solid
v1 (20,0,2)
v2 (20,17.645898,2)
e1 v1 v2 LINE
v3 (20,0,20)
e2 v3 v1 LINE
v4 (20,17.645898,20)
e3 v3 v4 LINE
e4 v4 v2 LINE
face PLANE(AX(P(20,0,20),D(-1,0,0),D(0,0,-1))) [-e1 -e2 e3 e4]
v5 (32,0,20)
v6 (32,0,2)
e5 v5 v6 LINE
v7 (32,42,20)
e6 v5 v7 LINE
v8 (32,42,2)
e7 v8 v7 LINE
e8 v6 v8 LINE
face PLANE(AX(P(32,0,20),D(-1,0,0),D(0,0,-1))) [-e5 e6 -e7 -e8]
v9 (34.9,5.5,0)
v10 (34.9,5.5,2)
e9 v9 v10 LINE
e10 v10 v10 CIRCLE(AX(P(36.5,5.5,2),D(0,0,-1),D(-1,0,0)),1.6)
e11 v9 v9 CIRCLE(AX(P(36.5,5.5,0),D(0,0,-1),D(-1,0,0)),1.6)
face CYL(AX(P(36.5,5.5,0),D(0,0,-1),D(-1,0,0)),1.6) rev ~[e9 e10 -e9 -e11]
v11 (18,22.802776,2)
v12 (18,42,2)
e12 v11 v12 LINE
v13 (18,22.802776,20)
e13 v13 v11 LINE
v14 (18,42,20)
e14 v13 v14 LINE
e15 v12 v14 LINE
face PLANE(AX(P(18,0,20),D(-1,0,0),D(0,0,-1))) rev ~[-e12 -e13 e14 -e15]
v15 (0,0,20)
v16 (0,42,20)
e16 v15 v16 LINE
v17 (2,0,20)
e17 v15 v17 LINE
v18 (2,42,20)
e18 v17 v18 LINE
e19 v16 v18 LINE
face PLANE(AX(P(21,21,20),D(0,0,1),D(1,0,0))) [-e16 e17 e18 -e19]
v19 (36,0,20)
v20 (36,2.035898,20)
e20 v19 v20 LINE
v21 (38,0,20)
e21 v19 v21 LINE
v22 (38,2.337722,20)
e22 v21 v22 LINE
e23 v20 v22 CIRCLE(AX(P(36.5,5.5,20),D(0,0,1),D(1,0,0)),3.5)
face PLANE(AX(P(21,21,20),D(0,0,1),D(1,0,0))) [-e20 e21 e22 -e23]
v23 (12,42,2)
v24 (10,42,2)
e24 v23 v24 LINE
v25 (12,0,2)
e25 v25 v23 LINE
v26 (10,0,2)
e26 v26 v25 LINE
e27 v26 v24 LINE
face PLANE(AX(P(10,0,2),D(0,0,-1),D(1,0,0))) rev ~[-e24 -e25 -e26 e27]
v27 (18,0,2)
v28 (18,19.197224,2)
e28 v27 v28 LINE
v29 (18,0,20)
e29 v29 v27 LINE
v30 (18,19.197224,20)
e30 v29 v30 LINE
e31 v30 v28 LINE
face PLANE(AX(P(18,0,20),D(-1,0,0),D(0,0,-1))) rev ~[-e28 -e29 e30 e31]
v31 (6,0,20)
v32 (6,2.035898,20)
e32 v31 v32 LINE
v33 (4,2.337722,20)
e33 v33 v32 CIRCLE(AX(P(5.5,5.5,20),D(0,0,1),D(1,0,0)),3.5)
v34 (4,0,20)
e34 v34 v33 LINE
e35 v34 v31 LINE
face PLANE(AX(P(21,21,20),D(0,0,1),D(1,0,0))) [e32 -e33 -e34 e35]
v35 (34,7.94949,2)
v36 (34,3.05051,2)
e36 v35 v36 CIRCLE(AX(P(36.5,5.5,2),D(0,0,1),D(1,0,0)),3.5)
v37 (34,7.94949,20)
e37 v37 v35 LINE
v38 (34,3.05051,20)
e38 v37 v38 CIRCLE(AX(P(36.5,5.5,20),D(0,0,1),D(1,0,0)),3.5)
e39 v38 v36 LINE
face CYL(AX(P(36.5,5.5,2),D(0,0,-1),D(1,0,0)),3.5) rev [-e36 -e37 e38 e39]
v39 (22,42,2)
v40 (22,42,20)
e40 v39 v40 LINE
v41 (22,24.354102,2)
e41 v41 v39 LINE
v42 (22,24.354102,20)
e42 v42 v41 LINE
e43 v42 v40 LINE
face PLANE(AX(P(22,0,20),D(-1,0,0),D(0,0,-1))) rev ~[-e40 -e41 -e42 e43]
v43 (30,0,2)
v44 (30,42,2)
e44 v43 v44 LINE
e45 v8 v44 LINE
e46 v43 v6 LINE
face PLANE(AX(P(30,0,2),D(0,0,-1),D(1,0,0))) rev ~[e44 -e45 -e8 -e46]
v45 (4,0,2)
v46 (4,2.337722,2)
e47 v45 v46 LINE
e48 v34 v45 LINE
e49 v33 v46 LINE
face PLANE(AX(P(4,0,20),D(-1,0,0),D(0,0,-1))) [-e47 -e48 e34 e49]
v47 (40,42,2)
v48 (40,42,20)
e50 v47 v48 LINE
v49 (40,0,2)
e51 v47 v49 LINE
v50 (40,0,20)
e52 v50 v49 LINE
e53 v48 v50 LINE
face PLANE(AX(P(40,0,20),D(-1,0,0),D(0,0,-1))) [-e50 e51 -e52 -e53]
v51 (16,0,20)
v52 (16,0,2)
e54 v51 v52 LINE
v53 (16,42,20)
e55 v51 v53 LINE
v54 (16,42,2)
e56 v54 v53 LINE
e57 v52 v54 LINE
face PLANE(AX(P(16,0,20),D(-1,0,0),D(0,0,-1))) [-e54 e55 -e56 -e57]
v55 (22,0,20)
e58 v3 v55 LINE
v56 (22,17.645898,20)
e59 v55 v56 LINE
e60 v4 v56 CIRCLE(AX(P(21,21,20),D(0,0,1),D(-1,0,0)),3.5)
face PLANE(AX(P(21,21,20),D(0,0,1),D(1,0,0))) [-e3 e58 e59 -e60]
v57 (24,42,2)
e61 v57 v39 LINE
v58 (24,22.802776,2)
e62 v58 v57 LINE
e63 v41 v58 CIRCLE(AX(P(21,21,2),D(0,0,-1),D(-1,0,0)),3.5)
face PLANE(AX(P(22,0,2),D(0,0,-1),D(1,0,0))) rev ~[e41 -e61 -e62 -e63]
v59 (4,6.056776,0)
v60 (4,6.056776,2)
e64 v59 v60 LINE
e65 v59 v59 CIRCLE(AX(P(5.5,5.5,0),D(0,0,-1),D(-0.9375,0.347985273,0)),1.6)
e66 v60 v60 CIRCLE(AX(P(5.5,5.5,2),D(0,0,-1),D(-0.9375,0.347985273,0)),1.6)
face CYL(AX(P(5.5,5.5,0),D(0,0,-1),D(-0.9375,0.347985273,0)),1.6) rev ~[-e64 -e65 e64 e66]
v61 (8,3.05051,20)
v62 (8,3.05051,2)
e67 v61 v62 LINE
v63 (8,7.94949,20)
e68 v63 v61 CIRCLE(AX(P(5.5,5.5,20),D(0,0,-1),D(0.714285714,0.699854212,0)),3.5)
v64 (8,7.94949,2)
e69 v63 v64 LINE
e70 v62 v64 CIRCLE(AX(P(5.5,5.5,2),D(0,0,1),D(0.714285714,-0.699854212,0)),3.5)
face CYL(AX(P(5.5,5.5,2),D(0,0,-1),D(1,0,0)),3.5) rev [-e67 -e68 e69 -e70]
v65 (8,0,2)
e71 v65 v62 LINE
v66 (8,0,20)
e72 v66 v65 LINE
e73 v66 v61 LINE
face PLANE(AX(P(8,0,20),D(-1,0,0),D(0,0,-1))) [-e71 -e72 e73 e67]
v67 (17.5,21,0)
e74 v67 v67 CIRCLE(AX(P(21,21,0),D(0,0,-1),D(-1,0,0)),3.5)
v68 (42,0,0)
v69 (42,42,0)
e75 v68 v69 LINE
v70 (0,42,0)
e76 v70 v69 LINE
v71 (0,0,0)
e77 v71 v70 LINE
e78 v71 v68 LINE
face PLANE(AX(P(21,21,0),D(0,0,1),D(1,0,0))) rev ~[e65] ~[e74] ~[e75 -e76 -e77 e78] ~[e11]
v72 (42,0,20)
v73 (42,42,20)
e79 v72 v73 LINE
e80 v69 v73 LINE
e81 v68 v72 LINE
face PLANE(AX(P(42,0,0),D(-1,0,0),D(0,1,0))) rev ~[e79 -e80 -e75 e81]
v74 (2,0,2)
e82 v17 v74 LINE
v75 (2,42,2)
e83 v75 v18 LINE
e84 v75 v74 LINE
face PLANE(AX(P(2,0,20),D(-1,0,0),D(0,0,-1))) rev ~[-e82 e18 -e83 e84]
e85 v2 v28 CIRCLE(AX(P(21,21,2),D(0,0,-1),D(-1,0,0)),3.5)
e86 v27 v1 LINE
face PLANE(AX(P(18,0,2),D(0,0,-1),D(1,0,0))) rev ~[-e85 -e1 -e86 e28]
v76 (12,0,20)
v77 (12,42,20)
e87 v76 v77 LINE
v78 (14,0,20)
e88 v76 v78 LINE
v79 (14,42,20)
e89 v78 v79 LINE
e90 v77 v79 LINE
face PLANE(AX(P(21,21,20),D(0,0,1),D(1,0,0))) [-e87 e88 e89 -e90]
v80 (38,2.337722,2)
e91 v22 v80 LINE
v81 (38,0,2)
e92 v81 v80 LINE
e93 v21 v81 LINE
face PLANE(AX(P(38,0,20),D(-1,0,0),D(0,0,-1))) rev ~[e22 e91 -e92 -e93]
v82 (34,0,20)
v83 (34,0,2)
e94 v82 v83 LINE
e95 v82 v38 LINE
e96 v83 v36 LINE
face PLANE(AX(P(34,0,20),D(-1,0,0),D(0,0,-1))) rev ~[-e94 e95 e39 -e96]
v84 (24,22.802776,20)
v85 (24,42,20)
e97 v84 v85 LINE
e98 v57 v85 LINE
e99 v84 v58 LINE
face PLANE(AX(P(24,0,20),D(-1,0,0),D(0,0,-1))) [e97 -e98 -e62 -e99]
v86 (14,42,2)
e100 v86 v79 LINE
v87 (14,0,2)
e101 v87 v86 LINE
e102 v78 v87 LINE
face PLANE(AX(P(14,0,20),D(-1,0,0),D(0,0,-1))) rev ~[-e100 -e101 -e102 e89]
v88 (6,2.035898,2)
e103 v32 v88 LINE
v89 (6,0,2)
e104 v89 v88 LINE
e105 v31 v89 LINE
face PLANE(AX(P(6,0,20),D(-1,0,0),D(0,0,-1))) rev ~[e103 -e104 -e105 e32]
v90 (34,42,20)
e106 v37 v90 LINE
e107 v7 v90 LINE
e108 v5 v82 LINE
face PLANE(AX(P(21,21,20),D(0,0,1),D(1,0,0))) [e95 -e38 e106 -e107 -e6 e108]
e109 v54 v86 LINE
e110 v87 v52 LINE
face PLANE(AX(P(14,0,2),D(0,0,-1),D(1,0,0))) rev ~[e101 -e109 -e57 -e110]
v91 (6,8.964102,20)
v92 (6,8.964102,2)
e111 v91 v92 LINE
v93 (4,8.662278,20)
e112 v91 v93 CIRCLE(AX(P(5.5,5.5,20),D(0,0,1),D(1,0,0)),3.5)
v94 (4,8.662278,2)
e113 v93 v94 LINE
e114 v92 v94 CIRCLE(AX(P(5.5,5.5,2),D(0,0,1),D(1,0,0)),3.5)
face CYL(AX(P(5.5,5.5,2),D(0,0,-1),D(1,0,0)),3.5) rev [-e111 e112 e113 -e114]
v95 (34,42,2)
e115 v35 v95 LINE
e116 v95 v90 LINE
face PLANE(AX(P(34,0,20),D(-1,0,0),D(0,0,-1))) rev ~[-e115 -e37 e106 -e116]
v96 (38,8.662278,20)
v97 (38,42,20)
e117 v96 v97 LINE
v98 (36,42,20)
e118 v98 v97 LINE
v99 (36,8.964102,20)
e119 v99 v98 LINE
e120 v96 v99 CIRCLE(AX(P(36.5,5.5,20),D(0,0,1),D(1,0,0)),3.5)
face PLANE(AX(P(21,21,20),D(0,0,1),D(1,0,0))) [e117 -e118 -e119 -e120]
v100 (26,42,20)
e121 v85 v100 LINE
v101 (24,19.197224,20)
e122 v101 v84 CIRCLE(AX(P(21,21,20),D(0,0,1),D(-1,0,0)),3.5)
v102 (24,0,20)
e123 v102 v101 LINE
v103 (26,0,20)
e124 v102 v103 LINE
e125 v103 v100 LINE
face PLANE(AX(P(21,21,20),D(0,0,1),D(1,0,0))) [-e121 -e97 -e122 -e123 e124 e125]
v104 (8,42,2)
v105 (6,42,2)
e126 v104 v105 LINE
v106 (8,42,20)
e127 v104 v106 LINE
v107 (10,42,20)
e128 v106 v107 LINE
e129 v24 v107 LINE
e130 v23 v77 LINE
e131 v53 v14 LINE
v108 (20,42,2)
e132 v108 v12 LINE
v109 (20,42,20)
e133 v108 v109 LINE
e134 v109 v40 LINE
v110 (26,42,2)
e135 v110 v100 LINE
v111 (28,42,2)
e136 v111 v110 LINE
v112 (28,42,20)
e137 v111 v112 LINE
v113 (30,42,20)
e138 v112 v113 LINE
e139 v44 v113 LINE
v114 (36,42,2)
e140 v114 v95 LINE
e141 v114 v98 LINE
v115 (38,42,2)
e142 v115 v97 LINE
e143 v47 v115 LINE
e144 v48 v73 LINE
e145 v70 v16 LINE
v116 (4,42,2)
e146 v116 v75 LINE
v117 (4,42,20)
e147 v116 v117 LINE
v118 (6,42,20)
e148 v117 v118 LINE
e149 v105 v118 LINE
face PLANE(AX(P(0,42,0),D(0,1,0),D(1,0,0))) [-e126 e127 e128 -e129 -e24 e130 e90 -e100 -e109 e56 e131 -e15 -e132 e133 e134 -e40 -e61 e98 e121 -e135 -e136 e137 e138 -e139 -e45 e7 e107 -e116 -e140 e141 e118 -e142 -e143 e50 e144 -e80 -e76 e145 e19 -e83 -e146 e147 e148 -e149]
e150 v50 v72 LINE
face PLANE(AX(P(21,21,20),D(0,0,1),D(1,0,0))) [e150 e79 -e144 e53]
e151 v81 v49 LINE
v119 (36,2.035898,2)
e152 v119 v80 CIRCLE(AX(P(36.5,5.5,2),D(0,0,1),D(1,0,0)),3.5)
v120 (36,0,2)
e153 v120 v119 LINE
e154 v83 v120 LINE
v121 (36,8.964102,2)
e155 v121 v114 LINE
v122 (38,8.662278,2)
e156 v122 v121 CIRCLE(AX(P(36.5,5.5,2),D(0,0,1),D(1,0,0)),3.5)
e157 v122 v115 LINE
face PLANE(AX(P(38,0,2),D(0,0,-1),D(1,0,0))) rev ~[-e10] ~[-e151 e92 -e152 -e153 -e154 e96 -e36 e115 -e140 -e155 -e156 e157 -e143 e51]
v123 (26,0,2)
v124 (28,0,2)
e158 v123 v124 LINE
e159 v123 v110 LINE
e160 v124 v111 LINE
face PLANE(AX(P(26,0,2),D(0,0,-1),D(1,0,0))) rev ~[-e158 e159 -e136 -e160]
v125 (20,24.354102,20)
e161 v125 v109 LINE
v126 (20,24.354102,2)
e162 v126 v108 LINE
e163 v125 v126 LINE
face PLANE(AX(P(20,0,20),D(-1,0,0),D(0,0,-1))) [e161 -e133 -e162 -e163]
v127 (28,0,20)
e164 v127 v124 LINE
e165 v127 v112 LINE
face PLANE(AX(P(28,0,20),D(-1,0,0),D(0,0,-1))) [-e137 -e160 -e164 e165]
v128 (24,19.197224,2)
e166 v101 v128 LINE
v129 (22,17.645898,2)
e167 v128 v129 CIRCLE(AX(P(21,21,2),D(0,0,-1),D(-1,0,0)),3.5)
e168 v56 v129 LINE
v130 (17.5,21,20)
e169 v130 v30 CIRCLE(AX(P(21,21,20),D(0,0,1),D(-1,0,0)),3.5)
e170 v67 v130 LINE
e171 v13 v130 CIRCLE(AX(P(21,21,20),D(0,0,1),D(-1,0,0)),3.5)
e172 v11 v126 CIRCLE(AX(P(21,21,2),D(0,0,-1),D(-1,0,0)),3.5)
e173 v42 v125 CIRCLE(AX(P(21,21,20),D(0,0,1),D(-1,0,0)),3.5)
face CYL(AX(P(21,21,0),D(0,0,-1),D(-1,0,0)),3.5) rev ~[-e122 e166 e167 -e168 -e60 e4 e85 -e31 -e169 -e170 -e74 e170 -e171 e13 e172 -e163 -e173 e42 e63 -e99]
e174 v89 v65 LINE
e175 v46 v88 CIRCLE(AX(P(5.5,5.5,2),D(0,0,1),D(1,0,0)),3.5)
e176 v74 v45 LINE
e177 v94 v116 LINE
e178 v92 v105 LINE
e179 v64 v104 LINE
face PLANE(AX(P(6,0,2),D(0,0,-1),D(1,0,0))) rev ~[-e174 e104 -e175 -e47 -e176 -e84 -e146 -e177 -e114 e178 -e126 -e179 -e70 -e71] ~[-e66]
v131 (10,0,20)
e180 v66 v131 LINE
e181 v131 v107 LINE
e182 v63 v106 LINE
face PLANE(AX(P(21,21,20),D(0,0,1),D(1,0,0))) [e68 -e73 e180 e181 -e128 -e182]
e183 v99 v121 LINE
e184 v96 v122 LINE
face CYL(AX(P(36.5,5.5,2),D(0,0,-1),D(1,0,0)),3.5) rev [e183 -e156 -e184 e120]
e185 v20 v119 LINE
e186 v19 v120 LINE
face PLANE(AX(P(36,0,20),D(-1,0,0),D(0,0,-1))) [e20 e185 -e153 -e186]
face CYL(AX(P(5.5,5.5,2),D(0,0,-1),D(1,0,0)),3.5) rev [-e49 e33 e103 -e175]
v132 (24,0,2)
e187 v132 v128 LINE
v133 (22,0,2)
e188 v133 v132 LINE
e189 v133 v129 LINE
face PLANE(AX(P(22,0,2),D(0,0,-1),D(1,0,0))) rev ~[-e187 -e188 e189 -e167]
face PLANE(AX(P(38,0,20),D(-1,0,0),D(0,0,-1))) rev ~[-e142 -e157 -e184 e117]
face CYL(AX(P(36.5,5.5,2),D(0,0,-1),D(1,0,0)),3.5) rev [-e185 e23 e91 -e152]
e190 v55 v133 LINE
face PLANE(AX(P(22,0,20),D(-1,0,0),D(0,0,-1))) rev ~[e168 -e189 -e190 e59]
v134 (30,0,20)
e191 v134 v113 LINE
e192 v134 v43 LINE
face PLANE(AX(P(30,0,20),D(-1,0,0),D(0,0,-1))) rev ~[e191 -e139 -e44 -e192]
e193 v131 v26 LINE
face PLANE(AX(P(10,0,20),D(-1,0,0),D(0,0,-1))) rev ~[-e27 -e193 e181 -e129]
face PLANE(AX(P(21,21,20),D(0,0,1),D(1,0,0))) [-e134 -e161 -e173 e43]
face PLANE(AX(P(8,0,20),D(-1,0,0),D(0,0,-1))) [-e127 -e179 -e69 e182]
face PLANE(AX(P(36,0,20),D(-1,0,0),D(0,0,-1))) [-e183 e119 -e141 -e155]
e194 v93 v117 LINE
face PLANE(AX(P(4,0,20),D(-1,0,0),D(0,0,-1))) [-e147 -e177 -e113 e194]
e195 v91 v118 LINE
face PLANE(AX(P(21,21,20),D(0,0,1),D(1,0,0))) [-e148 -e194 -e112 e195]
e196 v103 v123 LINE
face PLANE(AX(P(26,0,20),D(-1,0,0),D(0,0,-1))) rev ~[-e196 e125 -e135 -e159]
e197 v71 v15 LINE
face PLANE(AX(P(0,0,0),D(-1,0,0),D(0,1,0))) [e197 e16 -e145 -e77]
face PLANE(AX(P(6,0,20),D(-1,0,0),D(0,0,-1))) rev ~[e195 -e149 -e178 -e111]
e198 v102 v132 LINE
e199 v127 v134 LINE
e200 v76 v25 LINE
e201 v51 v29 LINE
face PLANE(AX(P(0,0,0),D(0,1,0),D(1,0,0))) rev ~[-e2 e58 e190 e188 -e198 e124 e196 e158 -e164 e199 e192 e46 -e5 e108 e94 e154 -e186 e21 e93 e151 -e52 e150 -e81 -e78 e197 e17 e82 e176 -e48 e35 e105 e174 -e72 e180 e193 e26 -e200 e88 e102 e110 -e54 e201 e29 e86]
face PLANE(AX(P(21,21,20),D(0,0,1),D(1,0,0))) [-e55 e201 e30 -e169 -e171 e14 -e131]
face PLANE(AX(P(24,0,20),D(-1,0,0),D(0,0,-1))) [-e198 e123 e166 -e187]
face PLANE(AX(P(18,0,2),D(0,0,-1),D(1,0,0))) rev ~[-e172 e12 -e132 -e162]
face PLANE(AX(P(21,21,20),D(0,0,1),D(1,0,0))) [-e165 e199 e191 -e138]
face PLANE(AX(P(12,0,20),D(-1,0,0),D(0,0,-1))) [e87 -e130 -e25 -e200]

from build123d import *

# Parameters (mm, degrees)
SKETCH1_W               = 42
SKETCH1_H               = 42
BOSS_EXTRUDE1_DEPTH     = 20
CUT_EXTRUDE6_DEPTH      = 63.673758464
CUT_EXTRUDE6_DEPTH_BACK = 42
SKETCH7_W               = 2
SKETCH7_H               = 18
SKETCH8_R               = 1.6
SKETCH8_R_2             = 3.5
CUT_EXTRUDE7_DEPTH      = 2
CUT_EXTRUDE8_START      = -18
SKETCH10_R              = 3.5
CUT_EXTRUDE8_DEPTH      = 18


with BuildPart() as part:
    # Sketch1 → Boss-Extrude1 (new body)
    with BuildSketch(Plane.XY):
        with Locations((21, 21)):
            Rectangle(SKETCH1_W, SKETCH1_H)
    extrude(amount=BOSS_EXTRUDE1_DEPTH)

    # Sketch7 → Cut-Extrude6 (cut, two sides: drawn at the far end of the back side and taken through both)
    with BuildSketch(Plane(origin=(0, 42, 0), x_dir=(1, 0, 0), z_dir=(0, 1, 0)).offset(-CUT_EXTRUDE6_DEPTH_BACK)):
        with Locations((39, -11)):
            Rectangle(SKETCH7_W, SKETCH7_H)
        with Locations((35, -11)):
            Rectangle(SKETCH7_W, SKETCH7_H)
        with Locations((3, -11)):
            Rectangle(SKETCH7_W, SKETCH7_H)
        with Locations((31, -11)):
            Rectangle(SKETCH7_W, SKETCH7_H)
        with Locations((7, -11)):
            Rectangle(SKETCH7_W, SKETCH7_H)
        with Locations((27, -11)):
            Rectangle(SKETCH7_W, SKETCH7_H)
        with Locations((11, -11)):
            Rectangle(SKETCH7_W, SKETCH7_H)
        with Locations((23, -11)):
            Rectangle(SKETCH7_W, SKETCH7_H)
        with Locations((15, -11)):
            Rectangle(SKETCH7_W, SKETCH7_H)
        with Locations((19, -11)):
            Rectangle(SKETCH7_W, SKETCH7_H)
    extrude(amount=CUT_EXTRUDE6_DEPTH + CUT_EXTRUDE6_DEPTH_BACK, mode=Mode.SUBTRACT)

    # Sketch8 → Cut-Extrude7 (cut)
    with BuildSketch(Plane(origin=(0, 0, 0), x_dir=(-1, 0, 0), z_dir=(0, 0, -1))):
        with Locations((-36.5, 5.5)):
            Circle(SKETCH8_R)
        with Locations(Location((-5.5, 5.5, 0), (0, 0, 20.364134806))):
            Circle(SKETCH8_R)
        with Locations((-21, 21)):
            Circle(SKETCH8_R_2)
    extrude(amount=-CUT_EXTRUDE7_DEPTH, mode=Mode.SUBTRACT)

    # Sketch10 → Cut-Extrude8 (cut)
    with BuildSketch(Plane.XY.offset(20).offset(CUT_EXTRUDE8_START)):
        with Locations((36.5, 5.5)):
            Circle(SKETCH10_R)
        with Locations((5.5, 5.5)):
            Circle(SKETCH10_R)
        with Locations(Location((21, 21, 0), (0, 0, 180))):
            Circle(SKETCH10_R)
    extrude(amount=CUT_EXTRUDE8_DEPTH, mode=Mode.SUBTRACT)


solid = part.part
